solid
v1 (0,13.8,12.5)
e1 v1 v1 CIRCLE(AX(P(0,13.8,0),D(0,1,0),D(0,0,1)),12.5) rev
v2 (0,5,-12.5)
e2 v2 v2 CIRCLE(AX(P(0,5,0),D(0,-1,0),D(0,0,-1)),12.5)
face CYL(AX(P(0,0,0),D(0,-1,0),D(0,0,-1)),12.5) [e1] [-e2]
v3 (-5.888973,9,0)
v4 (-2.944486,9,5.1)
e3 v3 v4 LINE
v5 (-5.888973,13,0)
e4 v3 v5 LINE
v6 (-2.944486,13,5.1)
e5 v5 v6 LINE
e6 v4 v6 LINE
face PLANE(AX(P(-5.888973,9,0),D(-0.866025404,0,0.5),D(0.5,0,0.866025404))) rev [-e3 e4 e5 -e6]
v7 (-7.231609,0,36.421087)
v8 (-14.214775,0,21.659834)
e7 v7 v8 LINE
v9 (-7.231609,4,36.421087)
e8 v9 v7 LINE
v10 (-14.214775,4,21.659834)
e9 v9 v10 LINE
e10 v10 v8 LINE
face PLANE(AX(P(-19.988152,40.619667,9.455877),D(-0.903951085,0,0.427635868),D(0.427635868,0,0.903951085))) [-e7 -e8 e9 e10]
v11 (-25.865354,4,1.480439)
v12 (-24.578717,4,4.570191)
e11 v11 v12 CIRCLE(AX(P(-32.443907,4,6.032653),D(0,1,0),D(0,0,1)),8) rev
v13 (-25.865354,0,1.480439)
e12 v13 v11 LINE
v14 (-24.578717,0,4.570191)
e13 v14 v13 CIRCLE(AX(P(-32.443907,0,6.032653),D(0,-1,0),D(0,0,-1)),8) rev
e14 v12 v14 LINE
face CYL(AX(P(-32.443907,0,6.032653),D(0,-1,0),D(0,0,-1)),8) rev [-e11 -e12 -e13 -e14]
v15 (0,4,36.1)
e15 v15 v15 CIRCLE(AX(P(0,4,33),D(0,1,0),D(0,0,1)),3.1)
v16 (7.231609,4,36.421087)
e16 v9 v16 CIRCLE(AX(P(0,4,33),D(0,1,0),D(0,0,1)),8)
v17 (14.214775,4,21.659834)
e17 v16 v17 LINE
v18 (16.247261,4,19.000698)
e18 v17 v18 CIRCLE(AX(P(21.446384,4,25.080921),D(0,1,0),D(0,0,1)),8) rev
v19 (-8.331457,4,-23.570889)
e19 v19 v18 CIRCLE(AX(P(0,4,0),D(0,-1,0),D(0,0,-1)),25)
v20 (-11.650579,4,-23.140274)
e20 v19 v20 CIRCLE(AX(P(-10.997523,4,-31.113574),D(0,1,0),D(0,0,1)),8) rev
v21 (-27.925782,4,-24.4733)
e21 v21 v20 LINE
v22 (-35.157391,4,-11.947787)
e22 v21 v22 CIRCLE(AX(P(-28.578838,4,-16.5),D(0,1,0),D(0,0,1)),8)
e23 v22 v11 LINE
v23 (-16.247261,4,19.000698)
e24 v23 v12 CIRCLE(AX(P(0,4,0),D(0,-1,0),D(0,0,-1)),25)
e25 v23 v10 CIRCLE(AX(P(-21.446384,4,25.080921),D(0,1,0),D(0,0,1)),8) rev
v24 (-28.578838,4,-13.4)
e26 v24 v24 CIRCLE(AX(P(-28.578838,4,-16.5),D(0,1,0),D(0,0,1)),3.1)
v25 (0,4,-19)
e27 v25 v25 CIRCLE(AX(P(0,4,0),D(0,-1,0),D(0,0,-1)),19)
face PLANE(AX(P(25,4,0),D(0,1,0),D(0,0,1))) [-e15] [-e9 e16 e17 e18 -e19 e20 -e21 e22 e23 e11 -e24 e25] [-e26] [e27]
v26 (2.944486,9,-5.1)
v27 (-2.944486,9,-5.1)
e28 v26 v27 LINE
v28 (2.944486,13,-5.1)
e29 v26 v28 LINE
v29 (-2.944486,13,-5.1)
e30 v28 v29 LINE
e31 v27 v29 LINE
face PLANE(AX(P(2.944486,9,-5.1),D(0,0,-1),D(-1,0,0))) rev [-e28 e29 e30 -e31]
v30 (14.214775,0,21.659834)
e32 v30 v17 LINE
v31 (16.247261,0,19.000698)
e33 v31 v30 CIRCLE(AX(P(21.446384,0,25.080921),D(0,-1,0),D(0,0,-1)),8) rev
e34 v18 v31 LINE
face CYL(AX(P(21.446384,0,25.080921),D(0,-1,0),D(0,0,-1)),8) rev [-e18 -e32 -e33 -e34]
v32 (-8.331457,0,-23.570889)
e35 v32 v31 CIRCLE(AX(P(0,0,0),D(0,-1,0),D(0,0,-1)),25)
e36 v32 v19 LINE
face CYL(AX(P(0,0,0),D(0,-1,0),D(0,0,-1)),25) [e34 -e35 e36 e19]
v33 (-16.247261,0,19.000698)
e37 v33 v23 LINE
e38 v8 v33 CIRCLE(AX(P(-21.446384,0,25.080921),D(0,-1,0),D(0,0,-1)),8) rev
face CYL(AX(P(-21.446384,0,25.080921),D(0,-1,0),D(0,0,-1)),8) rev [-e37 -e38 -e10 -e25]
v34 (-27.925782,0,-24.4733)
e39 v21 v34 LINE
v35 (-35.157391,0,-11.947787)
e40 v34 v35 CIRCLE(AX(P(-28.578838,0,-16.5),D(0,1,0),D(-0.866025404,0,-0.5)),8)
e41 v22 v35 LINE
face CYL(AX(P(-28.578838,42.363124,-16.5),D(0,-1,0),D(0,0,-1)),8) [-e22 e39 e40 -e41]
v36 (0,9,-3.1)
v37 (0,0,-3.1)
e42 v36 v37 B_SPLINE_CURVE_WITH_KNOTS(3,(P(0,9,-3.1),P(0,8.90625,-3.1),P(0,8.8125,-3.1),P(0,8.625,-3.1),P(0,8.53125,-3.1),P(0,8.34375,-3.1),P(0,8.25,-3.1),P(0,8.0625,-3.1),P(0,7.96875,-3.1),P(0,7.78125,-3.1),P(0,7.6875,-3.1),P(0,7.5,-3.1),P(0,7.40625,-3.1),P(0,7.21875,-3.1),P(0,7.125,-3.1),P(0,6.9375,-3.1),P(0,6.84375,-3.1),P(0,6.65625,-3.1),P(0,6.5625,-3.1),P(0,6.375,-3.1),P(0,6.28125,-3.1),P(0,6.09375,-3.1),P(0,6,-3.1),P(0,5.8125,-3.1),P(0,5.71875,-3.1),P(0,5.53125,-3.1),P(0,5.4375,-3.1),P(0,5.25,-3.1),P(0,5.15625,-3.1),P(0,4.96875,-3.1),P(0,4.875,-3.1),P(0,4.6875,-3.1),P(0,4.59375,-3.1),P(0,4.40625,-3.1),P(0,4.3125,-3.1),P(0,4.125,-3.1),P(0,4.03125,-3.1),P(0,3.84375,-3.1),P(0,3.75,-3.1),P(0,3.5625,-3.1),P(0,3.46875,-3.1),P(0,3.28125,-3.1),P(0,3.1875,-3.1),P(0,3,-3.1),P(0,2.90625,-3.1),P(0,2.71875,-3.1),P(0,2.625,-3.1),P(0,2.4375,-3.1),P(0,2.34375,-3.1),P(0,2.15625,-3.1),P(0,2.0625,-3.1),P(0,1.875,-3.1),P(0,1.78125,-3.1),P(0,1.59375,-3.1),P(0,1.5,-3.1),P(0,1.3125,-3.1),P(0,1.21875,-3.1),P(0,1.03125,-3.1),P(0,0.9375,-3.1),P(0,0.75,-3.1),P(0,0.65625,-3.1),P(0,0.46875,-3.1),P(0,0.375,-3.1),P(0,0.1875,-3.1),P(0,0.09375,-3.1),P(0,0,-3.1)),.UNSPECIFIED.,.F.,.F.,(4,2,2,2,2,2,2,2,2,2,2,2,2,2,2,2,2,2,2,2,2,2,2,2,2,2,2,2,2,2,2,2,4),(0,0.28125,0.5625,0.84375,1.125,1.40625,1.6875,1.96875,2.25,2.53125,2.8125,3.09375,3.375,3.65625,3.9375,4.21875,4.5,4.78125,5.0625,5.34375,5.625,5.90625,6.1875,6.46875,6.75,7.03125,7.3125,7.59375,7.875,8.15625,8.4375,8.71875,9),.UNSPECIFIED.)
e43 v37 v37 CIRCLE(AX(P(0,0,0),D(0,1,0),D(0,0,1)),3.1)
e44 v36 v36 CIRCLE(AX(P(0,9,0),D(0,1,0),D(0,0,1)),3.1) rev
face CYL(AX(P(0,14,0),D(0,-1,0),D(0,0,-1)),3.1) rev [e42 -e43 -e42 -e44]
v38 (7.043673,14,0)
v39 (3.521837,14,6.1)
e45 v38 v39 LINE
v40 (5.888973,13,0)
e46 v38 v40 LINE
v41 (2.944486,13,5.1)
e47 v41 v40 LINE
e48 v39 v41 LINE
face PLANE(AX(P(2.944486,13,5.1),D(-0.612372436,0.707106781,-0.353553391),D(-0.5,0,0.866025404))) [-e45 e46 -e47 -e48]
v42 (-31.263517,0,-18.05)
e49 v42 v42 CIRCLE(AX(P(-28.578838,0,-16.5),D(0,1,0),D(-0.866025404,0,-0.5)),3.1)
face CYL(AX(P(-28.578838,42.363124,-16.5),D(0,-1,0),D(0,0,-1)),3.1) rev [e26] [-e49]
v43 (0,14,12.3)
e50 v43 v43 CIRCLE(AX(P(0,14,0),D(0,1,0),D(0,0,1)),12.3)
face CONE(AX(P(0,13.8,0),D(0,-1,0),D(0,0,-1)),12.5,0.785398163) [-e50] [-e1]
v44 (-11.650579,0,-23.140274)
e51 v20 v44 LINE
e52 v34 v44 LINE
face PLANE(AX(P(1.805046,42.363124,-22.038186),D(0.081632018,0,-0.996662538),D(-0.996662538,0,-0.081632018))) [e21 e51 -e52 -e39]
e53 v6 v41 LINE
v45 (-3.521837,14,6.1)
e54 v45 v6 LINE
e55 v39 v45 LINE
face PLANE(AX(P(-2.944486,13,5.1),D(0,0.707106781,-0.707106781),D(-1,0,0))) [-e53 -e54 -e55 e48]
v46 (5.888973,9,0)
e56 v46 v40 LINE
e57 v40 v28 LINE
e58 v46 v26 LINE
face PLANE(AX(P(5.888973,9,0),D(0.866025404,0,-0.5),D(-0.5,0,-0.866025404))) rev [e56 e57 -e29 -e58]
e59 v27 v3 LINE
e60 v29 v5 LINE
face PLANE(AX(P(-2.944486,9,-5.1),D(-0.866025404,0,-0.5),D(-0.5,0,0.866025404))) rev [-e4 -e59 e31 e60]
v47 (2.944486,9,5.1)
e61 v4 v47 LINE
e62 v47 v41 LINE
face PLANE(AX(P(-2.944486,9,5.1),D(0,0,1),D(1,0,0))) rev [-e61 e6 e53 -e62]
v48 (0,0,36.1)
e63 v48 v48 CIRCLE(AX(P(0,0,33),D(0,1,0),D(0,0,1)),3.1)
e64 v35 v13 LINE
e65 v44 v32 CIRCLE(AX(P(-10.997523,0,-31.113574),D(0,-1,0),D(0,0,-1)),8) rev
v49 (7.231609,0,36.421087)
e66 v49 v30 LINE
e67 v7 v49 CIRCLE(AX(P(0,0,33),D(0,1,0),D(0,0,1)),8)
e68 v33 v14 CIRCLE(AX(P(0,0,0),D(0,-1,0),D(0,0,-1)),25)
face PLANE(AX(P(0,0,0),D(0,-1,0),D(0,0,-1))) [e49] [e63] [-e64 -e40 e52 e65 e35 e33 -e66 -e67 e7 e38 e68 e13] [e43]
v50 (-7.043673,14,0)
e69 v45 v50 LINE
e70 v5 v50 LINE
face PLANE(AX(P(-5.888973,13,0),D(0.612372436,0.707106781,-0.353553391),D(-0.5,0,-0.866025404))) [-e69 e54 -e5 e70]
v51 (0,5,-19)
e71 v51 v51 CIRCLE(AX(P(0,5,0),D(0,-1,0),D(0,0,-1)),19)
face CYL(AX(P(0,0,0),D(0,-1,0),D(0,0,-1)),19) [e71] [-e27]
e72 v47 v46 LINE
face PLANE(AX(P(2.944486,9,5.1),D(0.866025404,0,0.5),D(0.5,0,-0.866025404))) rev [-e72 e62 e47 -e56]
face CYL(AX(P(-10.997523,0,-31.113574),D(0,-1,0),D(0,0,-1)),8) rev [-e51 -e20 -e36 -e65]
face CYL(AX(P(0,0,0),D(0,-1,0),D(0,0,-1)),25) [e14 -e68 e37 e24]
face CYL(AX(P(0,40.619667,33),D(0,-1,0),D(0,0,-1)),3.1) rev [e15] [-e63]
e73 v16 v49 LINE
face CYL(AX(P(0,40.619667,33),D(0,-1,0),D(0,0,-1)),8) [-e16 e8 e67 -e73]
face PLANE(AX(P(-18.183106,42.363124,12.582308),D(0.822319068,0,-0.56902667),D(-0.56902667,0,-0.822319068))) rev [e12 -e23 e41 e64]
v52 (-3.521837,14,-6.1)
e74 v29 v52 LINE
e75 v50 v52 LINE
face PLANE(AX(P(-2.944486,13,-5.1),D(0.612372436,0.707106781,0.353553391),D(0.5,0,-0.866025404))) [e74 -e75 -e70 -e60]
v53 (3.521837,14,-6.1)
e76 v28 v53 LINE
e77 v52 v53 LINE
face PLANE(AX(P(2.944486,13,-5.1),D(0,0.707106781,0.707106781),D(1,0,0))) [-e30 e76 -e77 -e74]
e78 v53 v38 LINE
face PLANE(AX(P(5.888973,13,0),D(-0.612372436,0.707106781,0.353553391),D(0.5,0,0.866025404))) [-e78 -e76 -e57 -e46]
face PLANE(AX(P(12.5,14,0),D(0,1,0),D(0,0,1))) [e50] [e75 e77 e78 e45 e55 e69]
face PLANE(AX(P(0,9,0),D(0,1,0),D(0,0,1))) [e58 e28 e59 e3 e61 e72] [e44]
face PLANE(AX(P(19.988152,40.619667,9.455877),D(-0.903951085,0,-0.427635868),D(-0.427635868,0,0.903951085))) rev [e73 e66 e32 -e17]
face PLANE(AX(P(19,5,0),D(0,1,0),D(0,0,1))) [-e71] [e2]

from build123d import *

# Parameters (mm, degrees)
CUT_EXTRUDE1_DEPTH  = 5
SKETCH4_R           = 3.1
CUT_EXTRUDE2_DEPTH  = 39.026306684
CHAMFER1_SIZE       = 0.2
BOSS_EXTRUDE1_START = 4
SKETCH6_R           = 3.1
BOSS_EXTRUDE1_DEPTH = 4
CIRPATTERN1_COUNT   = 2
CIRPATTERN1_ANGLE   = 120
FILLET2_R           = 8
CHAMFER2_SIZE       = 1


with BuildPart() as part:
    # Sketch2 → Revolve1 (revolve)
    with BuildSketch(Plane.XY, mode=Mode.PRIVATE) as revolve1_sk:
        Polygon((0, 0), (25, 0), (25, 4), (19, 4), (19, 5), (12.5, 5), (12.5, 14), (0, 14), align=None)
    revolve(revolve1_sk.sketch.rotate(Axis((0, 0, 0), (0, 1, 0)), 90), axis=Axis((0, 0, 0), (0, 1, 0)))

    # Sketch3 → Cut-Extrude1 (cut)
    with BuildSketch(Plane(origin=(0, 14, 0), x_dir=(1, 0, 0), z_dir=(0, 1, 0))):
        Polygon((5.888972746, 0), (2.944486373, 5.1), (-2.944486373, 5.1), (-5.888972746, 0), (-2.944486373, -5.1), (2.944486373, -5.1), align=None)
    extrude(amount=-CUT_EXTRUDE1_DEPTH, mode=Mode.SUBTRACT)

    # Sketch4 → Cut-Extrude2 (cut, through all)
    with BuildSketch(Plane(origin=(0, 0, 0), x_dir=(1, 0, 0), z_dir=(0, 1, 0))):
        with Locations(Location((0, 0, 0), (0, 0, 90))):
            Circle(SKETCH4_R)
    extrude(amount=CUT_EXTRUDE2_DEPTH, mode=Mode.SUBTRACT)

    # Chamfer1
    chamfer1_edges = [part.edges().sort_by_distance(p)[0] for p in [
        (0, 14, 12.5),
    ]]
    chamfer(chamfer1_edges, length=CHAMFER1_SIZE)

    # Sketch6 → Boss-Extrude1 (add)
    with BuildSketch(Plane(origin=(0, 0, 0), x_dir=(1, 0, 0), z_dir=(0, 1, 0)).offset(BOSS_EXTRUDE1_START)):
        with BuildLine():
            ThreePointArc((15, -20), (0, -25), (-15, -20))
            Line((-15, -20), (-7.231608683, -36.421086941))
            ThreePointArc((-7.231608683, -36.421086941), (0, -41), (7.231608683, -36.421086941))
            Line((7.231608683, -36.421086941), (15, -20))
        make_face()
        with Locations(Location((0, -33, 0), (0, 0, 270))):
            Circle(SKETCH6_R, mode=Mode.SUBTRACT)
    boss_extrude1 = extrude(amount=-BOSS_EXTRUDE1_DEPTH)

    # CirPattern1: Boss-Extrude1 ×2 about axis
    cirpattern1_axis = Axis((0, 0, 0), (0, -1, 0))
    for i in range(1, CIRPATTERN1_COUNT):
        add(boss_extrude1.rotate(cirpattern1_axis, i * CIRPATTERN1_ANGLE / (CIRPATTERN1_COUNT - 1)))

    # Fillet2
    fillet2_edges = [part.edges().sort_by_distance(p)[0] for p in [
        (-15, 2, 20),
        (15, 2, 20),
        (-9.820508076, 2, -22.990381057),
        (-24.820508076, 2, 2.990381057),
    ]]
    fillet(fillet2_edges, radius=FILLET2_R)

    # Chamfer2
    chamfer2_edges = [part.edges().sort_by_distance(p)[0] for p in [
        (4.416729559, 14, 2.55),
        (4.416729559, 14, -2.55),
        (0, 14, -5.1),
        (-4.416729559, 14, -2.55),
        (-4.416729559, 14, 2.55),
        (0, 14, 5.1),
    ]]
    chamfer(chamfer2_edges, length=CHAMFER2_SIZE)


solid = part.part
